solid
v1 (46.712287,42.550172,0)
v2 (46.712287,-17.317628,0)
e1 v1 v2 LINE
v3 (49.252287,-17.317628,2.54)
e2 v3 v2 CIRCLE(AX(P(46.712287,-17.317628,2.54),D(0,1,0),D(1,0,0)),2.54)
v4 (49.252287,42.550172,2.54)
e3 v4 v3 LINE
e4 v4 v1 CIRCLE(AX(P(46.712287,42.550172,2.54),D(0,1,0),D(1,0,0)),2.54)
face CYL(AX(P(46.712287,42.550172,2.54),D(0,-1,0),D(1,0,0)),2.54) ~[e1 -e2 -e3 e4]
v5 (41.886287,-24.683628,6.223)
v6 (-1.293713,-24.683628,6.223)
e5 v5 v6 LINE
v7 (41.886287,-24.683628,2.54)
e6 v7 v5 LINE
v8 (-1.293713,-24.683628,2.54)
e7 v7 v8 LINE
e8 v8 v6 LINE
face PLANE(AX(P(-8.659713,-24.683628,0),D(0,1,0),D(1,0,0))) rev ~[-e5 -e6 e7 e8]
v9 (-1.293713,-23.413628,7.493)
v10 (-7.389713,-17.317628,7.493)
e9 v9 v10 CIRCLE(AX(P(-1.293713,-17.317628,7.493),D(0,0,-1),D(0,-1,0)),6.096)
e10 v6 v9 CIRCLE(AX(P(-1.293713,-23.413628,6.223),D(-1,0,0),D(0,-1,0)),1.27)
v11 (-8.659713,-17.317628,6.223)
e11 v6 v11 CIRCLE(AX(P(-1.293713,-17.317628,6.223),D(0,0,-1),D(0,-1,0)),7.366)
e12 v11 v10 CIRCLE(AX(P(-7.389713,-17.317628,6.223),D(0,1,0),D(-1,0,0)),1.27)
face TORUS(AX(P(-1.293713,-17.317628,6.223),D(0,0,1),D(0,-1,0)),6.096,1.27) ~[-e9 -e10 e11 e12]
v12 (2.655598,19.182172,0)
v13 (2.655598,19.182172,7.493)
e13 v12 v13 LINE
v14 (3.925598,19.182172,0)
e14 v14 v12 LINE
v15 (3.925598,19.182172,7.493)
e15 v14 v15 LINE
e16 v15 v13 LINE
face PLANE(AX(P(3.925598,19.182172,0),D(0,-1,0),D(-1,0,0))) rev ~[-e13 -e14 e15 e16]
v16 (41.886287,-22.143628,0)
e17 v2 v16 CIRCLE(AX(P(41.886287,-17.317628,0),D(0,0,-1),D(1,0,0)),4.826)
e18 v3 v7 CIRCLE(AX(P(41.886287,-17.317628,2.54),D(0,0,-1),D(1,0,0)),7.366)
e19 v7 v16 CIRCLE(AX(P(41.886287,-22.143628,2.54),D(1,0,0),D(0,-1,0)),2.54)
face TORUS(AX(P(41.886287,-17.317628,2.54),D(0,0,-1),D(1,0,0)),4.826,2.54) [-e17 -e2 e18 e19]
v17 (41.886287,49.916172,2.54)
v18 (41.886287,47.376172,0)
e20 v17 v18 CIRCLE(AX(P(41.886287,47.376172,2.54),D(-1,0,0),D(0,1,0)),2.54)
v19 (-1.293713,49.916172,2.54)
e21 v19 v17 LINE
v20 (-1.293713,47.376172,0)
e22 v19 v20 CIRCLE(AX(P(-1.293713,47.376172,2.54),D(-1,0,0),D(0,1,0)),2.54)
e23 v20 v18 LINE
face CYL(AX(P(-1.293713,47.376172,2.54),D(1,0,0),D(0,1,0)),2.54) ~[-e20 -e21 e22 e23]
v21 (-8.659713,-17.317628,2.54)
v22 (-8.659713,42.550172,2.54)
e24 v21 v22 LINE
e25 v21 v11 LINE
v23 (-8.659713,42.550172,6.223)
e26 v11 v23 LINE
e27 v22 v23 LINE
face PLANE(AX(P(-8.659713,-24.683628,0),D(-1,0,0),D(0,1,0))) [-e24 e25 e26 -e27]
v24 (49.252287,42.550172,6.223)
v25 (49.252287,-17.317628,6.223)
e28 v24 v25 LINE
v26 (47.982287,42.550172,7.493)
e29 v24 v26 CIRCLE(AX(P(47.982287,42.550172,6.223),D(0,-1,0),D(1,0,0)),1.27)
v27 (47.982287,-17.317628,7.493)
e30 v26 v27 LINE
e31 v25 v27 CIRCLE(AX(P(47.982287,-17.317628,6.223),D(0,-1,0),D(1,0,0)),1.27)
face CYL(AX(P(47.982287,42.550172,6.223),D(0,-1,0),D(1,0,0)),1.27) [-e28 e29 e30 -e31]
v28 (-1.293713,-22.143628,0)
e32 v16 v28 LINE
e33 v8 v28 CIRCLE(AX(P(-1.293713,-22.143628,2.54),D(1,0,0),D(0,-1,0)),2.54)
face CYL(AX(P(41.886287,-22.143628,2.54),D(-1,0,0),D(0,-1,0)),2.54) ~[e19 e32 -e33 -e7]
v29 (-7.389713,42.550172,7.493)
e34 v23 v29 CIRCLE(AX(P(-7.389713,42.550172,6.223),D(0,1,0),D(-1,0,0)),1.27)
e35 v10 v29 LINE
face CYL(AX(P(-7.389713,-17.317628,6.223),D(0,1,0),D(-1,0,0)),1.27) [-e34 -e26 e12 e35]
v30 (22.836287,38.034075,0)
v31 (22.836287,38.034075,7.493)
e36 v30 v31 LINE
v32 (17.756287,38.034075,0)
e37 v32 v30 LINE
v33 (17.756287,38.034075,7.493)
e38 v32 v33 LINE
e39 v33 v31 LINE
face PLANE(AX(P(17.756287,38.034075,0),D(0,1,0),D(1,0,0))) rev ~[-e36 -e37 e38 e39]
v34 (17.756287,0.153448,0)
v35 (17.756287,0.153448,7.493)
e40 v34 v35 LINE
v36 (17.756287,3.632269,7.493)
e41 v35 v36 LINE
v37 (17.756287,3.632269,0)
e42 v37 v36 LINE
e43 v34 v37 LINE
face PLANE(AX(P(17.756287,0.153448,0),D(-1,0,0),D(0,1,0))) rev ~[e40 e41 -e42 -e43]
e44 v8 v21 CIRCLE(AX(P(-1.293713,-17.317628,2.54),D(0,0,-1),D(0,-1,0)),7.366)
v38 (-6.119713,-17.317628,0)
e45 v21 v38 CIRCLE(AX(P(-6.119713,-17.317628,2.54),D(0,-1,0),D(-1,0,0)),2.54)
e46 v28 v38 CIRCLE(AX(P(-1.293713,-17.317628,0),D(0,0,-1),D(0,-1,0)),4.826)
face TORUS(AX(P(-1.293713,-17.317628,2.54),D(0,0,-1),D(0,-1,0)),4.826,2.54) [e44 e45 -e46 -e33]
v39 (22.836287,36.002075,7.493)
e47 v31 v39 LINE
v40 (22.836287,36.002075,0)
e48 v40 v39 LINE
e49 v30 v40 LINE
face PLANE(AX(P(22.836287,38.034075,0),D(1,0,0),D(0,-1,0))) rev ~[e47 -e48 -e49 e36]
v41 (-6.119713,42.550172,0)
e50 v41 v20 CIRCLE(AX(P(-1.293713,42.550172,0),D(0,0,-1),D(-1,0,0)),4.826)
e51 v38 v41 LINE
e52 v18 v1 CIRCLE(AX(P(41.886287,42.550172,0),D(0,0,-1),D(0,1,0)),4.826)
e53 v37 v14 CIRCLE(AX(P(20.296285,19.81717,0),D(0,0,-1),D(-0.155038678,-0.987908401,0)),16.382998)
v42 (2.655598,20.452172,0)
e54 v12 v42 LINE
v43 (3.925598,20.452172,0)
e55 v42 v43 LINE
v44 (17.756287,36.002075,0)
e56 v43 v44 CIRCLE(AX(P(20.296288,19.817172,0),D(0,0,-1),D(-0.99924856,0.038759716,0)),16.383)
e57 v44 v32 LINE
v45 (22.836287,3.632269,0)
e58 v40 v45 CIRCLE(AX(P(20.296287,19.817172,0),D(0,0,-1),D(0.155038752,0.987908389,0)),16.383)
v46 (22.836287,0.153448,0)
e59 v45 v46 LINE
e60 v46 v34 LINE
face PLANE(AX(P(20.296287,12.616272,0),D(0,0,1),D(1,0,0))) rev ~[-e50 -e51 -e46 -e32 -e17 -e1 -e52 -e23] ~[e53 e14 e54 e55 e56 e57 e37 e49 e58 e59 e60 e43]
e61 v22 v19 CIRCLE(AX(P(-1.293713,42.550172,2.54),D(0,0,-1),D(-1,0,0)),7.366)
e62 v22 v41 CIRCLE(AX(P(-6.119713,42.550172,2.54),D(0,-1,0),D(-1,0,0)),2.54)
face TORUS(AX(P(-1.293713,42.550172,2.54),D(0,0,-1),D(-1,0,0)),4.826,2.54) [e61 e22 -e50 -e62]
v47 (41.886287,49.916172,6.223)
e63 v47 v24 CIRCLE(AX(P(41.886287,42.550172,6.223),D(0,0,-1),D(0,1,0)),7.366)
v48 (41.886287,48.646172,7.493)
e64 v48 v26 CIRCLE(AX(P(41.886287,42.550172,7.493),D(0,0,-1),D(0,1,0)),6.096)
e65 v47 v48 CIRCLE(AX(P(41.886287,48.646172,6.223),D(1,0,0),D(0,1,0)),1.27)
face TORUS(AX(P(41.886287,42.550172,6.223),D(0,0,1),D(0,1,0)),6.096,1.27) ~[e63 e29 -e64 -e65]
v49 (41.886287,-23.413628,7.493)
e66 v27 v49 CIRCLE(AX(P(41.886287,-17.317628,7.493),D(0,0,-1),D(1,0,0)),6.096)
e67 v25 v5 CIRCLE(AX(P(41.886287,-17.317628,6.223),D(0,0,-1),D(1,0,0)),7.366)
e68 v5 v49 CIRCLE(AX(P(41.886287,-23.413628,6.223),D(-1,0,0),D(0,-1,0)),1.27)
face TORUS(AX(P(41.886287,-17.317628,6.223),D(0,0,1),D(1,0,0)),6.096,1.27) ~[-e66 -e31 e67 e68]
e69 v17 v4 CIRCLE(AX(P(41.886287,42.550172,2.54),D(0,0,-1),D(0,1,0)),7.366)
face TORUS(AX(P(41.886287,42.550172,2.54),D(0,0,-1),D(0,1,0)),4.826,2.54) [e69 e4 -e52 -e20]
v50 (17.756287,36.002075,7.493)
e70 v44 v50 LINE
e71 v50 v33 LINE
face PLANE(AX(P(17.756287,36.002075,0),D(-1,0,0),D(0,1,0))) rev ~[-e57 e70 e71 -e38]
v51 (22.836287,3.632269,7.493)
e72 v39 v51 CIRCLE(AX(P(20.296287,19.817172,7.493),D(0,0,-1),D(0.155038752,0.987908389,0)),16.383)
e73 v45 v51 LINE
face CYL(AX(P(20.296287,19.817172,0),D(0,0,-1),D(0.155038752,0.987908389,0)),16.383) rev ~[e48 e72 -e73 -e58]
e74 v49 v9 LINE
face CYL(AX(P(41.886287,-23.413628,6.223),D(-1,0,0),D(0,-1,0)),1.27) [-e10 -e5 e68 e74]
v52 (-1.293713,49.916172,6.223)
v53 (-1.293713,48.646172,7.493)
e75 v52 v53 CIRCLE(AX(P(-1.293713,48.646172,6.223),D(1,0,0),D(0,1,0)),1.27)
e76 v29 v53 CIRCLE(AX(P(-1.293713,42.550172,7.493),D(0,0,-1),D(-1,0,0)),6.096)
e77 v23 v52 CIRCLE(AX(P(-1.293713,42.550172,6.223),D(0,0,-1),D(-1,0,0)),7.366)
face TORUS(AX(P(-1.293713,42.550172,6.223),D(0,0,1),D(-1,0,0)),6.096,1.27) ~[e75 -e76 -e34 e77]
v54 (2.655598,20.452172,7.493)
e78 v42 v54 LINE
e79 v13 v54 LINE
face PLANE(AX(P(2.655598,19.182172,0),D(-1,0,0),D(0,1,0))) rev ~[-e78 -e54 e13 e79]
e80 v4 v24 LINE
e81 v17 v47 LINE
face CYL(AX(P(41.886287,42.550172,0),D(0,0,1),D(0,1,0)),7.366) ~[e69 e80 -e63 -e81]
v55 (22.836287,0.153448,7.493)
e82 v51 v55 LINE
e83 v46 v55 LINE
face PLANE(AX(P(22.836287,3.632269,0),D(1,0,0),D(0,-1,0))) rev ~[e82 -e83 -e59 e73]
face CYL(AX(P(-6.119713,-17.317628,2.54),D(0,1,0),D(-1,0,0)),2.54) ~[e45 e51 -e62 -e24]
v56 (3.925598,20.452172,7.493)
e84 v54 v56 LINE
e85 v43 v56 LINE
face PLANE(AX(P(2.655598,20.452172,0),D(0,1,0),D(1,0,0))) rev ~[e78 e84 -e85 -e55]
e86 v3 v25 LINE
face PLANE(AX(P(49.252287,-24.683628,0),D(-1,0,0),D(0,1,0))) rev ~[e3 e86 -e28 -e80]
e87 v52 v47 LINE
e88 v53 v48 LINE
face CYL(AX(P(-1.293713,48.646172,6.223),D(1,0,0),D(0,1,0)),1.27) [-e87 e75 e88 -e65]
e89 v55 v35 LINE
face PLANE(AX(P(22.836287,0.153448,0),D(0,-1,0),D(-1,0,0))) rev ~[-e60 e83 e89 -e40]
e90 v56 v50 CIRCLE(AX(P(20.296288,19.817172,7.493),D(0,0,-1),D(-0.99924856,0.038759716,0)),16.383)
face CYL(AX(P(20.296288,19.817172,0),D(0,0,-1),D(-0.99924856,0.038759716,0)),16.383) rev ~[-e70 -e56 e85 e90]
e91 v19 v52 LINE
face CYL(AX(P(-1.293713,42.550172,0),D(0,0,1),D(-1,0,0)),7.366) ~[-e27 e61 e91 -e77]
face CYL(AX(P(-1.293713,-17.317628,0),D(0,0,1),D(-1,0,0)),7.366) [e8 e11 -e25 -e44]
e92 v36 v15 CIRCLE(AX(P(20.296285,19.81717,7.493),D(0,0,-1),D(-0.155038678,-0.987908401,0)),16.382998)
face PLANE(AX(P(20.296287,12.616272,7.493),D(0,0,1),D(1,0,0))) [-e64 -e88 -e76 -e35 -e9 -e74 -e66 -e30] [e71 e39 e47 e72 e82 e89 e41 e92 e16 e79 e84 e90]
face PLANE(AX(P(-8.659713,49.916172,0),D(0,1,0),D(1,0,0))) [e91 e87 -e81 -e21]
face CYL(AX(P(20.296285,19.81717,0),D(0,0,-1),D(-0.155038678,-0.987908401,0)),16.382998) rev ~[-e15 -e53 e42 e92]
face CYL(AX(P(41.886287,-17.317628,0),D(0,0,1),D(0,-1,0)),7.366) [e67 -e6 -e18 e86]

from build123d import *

# Parameters (mm, degrees)
F0_W     = 57.912
F0_H     = 74.5998
F1_DEPTH = 7.493
F2_R     = 7.366
F3_R     = 1.27
F4_R     = 2.54


with BuildPart() as f1:
    # F0 (on Top) → F1 (new body)
    with BuildSketch(Plane.XY):
        with Locations((20.296287, 12.616272)):
            Rectangle(F0_W, F0_H)
        with BuildLine():
            ThreePointArc((17.756287, 3.632269), (8.054824, 8.929138), (3.925598, 19.182172))
            Line((3.925598, 19.182172), (2.655598, 19.182172))
            Line((2.655598, 19.182172), (2.655598, 20.452172))
            Line((2.655598, 20.452172), (3.925598, 20.452172))
            ThreePointArc((3.925598, 20.452172), (8.054824, 30.705205), (17.756287, 36.002075))
            Line((17.756287, 36.002075), (17.756287, 38.034075))
            Line((17.756287, 38.034075), (22.836287, 38.034075))
            Line((22.836287, 38.034075), (22.836287, 36.002075))
            ThreePointArc((22.836287, 36.002075), (36.679287, 19.817172), (22.836287, 3.632269))
            Line((22.836287, 3.632269), (22.836287, 0.153448))
            Line((22.836287, 0.153448), (17.756287, 0.153448))
            Line((17.756287, 0.153448), (17.756287, 3.632269))
        make_face(mode=Mode.SUBTRACT)
    extrude(amount=F1_DEPTH)

    # F2
    f2_edges = [f1.edges().sort_by_distance(p)[0] for p in [
        (-8.659713, -24.683628, 3.7465),
        (49.252287, -24.683628, 3.7465),
        (49.252287, 49.916172, 3.7465),
        (-8.659713, 49.916172, 3.7465),
    ]]
    fillet(f2_edges, radius=F2_R)

    # F3
    f3_edges = [f1.edges().sort_by_distance(p)[0] for p in [
        (-8.659713, 12.616272, 7.493),
    ]]
    fillet(f3_edges, radius=F3_R)

    # F4
    f4_edges = [f1.edges().sort_by_distance(p)[0] for p in [
        (-8.659713, 12.616272, 0),
    ]]
    fillet(f4_edges, radius=F4_R)


solid = f1.part
